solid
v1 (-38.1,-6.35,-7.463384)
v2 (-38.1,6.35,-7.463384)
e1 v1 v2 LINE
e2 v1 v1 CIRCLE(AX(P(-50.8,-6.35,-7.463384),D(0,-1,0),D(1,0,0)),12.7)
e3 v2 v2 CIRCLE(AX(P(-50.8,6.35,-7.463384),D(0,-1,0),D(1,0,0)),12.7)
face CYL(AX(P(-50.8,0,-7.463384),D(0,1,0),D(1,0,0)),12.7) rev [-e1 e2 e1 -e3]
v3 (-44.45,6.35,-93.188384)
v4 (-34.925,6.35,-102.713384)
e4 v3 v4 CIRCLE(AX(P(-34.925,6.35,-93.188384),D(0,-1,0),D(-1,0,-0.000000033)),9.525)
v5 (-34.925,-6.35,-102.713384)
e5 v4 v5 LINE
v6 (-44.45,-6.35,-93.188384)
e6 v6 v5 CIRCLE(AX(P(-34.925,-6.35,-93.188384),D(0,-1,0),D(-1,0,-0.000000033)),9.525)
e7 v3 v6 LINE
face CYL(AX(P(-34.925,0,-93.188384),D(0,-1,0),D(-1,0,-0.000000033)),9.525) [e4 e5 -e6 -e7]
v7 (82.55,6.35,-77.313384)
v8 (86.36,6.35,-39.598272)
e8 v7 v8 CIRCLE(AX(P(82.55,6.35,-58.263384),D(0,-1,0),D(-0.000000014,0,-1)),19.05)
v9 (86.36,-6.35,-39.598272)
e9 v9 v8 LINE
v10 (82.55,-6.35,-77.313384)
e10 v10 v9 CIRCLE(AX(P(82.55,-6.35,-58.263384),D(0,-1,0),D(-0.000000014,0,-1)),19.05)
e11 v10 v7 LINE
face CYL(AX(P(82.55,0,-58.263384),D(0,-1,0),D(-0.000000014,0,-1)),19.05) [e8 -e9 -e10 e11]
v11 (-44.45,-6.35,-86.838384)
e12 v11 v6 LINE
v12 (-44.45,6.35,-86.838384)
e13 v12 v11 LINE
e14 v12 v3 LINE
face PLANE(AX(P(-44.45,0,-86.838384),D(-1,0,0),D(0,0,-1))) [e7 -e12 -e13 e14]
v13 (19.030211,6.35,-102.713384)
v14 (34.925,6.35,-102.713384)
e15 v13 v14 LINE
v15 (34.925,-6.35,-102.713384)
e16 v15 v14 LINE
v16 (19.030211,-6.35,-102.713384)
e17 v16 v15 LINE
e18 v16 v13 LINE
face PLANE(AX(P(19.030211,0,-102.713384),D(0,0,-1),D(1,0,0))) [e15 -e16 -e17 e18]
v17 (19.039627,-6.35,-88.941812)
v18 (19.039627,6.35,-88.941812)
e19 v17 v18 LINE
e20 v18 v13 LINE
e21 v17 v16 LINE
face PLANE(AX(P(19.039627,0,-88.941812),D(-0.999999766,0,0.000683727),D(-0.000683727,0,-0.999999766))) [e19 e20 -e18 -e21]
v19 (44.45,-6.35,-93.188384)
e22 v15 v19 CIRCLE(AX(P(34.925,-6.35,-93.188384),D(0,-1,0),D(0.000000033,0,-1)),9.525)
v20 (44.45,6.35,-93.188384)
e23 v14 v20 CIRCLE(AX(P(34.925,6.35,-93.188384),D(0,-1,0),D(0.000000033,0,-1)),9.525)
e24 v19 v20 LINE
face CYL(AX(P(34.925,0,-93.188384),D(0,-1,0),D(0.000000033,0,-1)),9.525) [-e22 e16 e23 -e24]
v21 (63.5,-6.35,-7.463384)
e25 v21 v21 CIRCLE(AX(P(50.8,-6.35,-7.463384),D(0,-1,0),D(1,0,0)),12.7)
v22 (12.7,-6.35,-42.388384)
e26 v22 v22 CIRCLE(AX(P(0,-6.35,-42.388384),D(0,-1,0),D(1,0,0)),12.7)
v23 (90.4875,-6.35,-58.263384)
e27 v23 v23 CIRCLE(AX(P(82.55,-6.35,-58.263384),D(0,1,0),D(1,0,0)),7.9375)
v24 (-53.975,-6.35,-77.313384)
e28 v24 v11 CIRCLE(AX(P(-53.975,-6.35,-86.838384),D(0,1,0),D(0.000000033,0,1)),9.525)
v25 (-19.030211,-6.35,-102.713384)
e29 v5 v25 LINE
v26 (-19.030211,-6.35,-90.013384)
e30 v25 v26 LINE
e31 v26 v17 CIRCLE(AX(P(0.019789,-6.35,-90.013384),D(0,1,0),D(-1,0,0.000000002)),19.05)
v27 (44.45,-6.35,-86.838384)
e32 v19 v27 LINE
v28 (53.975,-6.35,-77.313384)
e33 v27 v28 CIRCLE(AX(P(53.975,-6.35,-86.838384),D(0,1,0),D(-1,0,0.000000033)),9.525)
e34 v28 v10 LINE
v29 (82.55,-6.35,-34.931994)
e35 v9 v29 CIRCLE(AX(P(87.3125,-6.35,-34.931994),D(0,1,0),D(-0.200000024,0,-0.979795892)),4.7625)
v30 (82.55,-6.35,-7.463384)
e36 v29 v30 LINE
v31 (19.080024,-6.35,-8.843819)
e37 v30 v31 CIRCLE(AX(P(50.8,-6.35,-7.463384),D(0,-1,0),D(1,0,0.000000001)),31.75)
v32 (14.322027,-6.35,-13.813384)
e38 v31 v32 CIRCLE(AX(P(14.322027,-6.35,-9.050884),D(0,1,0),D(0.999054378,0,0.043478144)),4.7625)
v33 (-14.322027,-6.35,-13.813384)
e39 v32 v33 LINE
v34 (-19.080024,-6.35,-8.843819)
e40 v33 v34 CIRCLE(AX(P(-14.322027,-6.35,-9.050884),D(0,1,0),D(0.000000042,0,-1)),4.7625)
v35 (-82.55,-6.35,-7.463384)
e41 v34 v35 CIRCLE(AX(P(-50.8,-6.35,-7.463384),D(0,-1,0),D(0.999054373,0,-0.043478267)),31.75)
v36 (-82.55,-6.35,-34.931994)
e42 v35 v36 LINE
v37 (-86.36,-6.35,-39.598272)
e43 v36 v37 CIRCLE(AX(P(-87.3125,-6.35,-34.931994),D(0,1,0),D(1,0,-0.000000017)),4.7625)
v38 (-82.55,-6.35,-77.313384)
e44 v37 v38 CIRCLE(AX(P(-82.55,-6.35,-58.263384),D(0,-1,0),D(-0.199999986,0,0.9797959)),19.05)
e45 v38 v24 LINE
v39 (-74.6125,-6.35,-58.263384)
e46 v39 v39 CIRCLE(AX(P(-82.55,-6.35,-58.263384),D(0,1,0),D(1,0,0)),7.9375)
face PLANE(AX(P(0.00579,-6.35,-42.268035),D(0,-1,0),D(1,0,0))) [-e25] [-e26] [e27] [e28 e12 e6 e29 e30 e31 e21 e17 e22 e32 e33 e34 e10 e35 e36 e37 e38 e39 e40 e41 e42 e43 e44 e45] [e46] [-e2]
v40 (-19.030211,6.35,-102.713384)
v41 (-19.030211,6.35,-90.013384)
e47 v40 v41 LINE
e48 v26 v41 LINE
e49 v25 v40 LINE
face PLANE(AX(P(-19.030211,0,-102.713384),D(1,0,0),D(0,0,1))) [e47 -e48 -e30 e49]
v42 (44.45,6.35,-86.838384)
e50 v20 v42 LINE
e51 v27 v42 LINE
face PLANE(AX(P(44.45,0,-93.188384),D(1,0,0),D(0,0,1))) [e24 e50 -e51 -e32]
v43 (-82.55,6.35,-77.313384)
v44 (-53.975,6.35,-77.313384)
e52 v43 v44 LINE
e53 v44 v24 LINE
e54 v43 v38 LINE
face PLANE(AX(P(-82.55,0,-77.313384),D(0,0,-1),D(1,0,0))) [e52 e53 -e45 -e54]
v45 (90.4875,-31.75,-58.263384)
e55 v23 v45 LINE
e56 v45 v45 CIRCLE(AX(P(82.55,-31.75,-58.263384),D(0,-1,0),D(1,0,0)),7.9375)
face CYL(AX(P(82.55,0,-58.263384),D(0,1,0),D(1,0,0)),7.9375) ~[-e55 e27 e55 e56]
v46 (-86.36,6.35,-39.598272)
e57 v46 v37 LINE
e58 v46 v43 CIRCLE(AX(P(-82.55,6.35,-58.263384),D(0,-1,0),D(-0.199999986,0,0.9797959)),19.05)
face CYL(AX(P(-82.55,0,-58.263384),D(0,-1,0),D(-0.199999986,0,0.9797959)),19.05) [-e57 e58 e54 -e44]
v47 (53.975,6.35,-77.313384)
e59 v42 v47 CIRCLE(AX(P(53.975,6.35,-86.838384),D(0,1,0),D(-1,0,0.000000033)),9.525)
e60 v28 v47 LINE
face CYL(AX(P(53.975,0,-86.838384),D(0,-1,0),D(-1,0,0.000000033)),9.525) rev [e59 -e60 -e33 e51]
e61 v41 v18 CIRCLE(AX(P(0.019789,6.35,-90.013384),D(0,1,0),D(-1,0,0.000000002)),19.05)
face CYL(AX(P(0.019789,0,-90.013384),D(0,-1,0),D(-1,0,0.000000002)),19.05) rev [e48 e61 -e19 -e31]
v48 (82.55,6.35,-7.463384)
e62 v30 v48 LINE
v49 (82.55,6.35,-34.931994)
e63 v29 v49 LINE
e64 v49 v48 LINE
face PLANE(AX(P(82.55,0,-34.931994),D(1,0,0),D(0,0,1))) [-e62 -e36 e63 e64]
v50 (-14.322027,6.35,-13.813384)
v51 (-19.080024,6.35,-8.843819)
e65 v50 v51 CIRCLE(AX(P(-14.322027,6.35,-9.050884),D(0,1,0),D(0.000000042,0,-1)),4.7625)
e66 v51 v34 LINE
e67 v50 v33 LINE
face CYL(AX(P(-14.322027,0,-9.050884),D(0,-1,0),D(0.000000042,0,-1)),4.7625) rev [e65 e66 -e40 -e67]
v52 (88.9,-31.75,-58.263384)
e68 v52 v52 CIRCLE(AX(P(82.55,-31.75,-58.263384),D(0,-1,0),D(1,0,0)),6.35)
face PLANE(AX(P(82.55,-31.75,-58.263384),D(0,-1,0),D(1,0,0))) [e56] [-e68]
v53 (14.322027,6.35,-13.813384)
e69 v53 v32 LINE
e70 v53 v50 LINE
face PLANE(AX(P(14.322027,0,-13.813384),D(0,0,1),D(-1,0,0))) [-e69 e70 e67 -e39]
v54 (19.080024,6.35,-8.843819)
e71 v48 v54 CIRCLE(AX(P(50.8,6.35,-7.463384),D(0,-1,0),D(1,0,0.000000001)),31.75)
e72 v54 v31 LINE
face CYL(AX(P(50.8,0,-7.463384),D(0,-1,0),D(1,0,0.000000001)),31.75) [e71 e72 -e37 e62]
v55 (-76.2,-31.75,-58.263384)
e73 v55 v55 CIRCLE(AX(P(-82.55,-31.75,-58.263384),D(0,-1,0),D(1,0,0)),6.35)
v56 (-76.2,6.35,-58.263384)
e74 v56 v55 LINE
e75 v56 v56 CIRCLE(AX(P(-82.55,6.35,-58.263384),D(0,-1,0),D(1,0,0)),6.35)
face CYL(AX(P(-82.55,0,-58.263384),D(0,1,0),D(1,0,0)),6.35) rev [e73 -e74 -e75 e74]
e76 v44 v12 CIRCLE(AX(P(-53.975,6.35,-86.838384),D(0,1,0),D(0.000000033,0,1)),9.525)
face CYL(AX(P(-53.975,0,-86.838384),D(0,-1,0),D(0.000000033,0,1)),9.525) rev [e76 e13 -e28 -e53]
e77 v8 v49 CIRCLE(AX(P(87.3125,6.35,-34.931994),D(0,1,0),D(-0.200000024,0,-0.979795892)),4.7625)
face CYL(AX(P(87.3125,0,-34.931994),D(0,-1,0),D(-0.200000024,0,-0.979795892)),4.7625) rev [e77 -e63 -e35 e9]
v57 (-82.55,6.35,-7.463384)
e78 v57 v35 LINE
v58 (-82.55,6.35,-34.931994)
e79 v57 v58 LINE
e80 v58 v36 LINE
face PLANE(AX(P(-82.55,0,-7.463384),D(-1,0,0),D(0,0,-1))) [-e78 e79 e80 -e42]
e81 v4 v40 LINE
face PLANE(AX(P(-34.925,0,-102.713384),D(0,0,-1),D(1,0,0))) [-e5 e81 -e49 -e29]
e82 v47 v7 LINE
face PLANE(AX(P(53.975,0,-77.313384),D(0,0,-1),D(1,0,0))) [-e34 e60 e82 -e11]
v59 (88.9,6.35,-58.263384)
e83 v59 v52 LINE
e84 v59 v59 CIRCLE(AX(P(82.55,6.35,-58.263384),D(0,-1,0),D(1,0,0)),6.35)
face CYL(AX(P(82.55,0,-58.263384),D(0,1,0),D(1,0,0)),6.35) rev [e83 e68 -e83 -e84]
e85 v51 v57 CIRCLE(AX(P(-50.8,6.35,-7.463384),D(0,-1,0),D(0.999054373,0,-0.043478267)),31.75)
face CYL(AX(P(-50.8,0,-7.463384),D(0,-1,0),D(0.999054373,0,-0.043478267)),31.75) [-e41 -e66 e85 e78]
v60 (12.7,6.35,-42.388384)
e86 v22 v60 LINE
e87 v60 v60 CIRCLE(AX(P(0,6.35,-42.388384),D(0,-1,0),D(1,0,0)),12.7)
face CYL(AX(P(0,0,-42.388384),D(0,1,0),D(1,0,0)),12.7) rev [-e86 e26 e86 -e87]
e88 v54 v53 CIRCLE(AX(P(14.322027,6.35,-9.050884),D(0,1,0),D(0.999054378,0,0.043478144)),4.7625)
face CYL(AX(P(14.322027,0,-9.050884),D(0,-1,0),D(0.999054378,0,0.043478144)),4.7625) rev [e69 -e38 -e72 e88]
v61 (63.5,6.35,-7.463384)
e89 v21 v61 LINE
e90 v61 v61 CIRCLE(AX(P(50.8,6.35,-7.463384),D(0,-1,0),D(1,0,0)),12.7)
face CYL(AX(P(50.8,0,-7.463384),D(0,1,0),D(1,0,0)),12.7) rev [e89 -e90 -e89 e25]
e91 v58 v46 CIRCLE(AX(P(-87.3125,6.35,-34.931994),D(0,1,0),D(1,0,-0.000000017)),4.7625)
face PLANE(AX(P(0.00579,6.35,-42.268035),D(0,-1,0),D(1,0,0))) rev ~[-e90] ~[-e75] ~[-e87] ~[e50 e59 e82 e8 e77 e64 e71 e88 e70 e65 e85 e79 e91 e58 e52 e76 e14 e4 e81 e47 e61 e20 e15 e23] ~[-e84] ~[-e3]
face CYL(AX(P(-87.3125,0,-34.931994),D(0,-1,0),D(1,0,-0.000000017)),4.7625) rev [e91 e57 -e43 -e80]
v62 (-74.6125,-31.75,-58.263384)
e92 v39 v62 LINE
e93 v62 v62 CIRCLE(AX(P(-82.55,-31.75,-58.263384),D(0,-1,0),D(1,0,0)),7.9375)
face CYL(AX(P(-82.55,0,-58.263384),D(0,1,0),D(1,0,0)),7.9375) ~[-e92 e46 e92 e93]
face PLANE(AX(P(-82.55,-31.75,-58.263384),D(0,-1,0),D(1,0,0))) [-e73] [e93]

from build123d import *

# Parameters (mm, degrees)
F0_R     = 7.9375
F0_R_2   = 12.7
F0_R_3   = 6.35
F1_DEPTH = 6.35
F2_DEPTH = 31.75


with BuildPart() as f1:
    # F0 (on Front) → F1 (new body, symmetric)
    with BuildSketch(Plane.XZ):
        with BuildLine():
            ThreePointArc((82.55, -7.463384), (50.109619, 24.279109), (19.080024, -8.843819))
            ThreePointArc((19.080024, -8.843819), (17.762053, -12.344458), (14.322027, -13.813384))
            Line((14.322027, -13.813384), (0, -13.813384))
            Line((0, -13.813384), (-14.322027, -13.813384))
            ThreePointArc((-14.322027, -13.813384), (-17.762053, -12.344458), (-19.080024, -8.843819))
            ThreePointArc((-19.080024, -8.843819), (-50.109619, 24.279109), (-82.55, -7.463384))
            Line((-82.55, -7.463384), (-82.55, -34.931994))
            ThreePointArc((-82.55, -34.931994), (-83.623483, -37.944063), (-86.36, -39.598272))
            ThreePointArc((-86.36, -39.598272), (-101.503534, -60.17808), (-82.55, -77.313384))
            Line((-82.55, -77.313384), (-53.975, -77.313384))
            ThreePointArc((-53.975, -77.313384), (-47.239808, -80.103192), (-44.45, -86.838384))
            Line((-44.45, -86.838384), (-44.45, -93.188384))
            ThreePointArc((-44.45, -93.188384), (-41.660192, -99.923576), (-34.925, -102.713384))
            Line((-34.925, -102.713384), (-19.030211, -102.713384))
            Line((-19.030211, -102.713384), (-19.030211, -90.013384))
            ThreePointArc((-19.030211, -90.013384), (-0.516209, -70.970926), (19.039627, -88.941812))
            Line((19.039627, -88.941812), (19.030211, -102.713384))
            Line((19.030211, -102.713384), (34.925, -102.713384))
            ThreePointArc((34.925, -102.713384), (41.660192, -99.923576), (44.45, -93.188384))
            Line((44.45, -93.188384), (44.45, -86.838384))
            ThreePointArc((44.45, -86.838384), (47.239808, -80.103192), (53.975, -77.313384))
            Line((53.975, -77.313384), (82.55, -77.313384))
            ThreePointArc((82.55, -77.313384), (101.503534, -60.17808), (86.36, -39.598272))
            ThreePointArc((86.36, -39.598272), (83.623483, -37.944063), (82.55, -34.931994))
            Line((82.55, -34.931994), (82.55, -7.463384))
        make_face()
        with Locations((-82.55, -58.263384)):
            Circle(F0_R, mode=Mode.SUBTRACT)
        with Locations((0, -42.388384)):
            Circle(F0_R_2, mode=Mode.SUBTRACT)
        with Locations((82.55, -58.263384)):
            Circle(F0_R, mode=Mode.SUBTRACT)
        with Locations((-50.8, -7.463384)):
            Circle(F0_R_2, mode=Mode.SUBTRACT)
        with Locations((50.8, -7.463384)):
            Circle(F0_R_2, mode=Mode.SUBTRACT)
        with Locations((82.55, -58.263384)):
            Circle(F0_R)
        with Locations((82.55, -58.263384)):
            Circle(F0_R_3, mode=Mode.SUBTRACT)
        with Locations((-82.55, -58.263384)):
            Circle(F0_R)
        with Locations((-82.55, -58.263384)):
            Circle(F0_R_3, mode=Mode.SUBTRACT)
    extrude(amount=F1_DEPTH, both=True)

    # F0 (on Front) → F2 (join)
    with BuildSketch(Plane.XZ):
        with Locations((-82.55, -58.263384)):
            Circle(F0_R)
        with Locations((-82.55, -58.263384)):
            Circle(F0_R_3, mode=Mode.SUBTRACT)
        with Locations((82.55, -58.263384)):
            Circle(F0_R)
        with Locations((82.55, -58.263384)):
            Circle(F0_R_3, mode=Mode.SUBTRACT)
    extrude(amount=F2_DEPTH)


solid = f1.part
